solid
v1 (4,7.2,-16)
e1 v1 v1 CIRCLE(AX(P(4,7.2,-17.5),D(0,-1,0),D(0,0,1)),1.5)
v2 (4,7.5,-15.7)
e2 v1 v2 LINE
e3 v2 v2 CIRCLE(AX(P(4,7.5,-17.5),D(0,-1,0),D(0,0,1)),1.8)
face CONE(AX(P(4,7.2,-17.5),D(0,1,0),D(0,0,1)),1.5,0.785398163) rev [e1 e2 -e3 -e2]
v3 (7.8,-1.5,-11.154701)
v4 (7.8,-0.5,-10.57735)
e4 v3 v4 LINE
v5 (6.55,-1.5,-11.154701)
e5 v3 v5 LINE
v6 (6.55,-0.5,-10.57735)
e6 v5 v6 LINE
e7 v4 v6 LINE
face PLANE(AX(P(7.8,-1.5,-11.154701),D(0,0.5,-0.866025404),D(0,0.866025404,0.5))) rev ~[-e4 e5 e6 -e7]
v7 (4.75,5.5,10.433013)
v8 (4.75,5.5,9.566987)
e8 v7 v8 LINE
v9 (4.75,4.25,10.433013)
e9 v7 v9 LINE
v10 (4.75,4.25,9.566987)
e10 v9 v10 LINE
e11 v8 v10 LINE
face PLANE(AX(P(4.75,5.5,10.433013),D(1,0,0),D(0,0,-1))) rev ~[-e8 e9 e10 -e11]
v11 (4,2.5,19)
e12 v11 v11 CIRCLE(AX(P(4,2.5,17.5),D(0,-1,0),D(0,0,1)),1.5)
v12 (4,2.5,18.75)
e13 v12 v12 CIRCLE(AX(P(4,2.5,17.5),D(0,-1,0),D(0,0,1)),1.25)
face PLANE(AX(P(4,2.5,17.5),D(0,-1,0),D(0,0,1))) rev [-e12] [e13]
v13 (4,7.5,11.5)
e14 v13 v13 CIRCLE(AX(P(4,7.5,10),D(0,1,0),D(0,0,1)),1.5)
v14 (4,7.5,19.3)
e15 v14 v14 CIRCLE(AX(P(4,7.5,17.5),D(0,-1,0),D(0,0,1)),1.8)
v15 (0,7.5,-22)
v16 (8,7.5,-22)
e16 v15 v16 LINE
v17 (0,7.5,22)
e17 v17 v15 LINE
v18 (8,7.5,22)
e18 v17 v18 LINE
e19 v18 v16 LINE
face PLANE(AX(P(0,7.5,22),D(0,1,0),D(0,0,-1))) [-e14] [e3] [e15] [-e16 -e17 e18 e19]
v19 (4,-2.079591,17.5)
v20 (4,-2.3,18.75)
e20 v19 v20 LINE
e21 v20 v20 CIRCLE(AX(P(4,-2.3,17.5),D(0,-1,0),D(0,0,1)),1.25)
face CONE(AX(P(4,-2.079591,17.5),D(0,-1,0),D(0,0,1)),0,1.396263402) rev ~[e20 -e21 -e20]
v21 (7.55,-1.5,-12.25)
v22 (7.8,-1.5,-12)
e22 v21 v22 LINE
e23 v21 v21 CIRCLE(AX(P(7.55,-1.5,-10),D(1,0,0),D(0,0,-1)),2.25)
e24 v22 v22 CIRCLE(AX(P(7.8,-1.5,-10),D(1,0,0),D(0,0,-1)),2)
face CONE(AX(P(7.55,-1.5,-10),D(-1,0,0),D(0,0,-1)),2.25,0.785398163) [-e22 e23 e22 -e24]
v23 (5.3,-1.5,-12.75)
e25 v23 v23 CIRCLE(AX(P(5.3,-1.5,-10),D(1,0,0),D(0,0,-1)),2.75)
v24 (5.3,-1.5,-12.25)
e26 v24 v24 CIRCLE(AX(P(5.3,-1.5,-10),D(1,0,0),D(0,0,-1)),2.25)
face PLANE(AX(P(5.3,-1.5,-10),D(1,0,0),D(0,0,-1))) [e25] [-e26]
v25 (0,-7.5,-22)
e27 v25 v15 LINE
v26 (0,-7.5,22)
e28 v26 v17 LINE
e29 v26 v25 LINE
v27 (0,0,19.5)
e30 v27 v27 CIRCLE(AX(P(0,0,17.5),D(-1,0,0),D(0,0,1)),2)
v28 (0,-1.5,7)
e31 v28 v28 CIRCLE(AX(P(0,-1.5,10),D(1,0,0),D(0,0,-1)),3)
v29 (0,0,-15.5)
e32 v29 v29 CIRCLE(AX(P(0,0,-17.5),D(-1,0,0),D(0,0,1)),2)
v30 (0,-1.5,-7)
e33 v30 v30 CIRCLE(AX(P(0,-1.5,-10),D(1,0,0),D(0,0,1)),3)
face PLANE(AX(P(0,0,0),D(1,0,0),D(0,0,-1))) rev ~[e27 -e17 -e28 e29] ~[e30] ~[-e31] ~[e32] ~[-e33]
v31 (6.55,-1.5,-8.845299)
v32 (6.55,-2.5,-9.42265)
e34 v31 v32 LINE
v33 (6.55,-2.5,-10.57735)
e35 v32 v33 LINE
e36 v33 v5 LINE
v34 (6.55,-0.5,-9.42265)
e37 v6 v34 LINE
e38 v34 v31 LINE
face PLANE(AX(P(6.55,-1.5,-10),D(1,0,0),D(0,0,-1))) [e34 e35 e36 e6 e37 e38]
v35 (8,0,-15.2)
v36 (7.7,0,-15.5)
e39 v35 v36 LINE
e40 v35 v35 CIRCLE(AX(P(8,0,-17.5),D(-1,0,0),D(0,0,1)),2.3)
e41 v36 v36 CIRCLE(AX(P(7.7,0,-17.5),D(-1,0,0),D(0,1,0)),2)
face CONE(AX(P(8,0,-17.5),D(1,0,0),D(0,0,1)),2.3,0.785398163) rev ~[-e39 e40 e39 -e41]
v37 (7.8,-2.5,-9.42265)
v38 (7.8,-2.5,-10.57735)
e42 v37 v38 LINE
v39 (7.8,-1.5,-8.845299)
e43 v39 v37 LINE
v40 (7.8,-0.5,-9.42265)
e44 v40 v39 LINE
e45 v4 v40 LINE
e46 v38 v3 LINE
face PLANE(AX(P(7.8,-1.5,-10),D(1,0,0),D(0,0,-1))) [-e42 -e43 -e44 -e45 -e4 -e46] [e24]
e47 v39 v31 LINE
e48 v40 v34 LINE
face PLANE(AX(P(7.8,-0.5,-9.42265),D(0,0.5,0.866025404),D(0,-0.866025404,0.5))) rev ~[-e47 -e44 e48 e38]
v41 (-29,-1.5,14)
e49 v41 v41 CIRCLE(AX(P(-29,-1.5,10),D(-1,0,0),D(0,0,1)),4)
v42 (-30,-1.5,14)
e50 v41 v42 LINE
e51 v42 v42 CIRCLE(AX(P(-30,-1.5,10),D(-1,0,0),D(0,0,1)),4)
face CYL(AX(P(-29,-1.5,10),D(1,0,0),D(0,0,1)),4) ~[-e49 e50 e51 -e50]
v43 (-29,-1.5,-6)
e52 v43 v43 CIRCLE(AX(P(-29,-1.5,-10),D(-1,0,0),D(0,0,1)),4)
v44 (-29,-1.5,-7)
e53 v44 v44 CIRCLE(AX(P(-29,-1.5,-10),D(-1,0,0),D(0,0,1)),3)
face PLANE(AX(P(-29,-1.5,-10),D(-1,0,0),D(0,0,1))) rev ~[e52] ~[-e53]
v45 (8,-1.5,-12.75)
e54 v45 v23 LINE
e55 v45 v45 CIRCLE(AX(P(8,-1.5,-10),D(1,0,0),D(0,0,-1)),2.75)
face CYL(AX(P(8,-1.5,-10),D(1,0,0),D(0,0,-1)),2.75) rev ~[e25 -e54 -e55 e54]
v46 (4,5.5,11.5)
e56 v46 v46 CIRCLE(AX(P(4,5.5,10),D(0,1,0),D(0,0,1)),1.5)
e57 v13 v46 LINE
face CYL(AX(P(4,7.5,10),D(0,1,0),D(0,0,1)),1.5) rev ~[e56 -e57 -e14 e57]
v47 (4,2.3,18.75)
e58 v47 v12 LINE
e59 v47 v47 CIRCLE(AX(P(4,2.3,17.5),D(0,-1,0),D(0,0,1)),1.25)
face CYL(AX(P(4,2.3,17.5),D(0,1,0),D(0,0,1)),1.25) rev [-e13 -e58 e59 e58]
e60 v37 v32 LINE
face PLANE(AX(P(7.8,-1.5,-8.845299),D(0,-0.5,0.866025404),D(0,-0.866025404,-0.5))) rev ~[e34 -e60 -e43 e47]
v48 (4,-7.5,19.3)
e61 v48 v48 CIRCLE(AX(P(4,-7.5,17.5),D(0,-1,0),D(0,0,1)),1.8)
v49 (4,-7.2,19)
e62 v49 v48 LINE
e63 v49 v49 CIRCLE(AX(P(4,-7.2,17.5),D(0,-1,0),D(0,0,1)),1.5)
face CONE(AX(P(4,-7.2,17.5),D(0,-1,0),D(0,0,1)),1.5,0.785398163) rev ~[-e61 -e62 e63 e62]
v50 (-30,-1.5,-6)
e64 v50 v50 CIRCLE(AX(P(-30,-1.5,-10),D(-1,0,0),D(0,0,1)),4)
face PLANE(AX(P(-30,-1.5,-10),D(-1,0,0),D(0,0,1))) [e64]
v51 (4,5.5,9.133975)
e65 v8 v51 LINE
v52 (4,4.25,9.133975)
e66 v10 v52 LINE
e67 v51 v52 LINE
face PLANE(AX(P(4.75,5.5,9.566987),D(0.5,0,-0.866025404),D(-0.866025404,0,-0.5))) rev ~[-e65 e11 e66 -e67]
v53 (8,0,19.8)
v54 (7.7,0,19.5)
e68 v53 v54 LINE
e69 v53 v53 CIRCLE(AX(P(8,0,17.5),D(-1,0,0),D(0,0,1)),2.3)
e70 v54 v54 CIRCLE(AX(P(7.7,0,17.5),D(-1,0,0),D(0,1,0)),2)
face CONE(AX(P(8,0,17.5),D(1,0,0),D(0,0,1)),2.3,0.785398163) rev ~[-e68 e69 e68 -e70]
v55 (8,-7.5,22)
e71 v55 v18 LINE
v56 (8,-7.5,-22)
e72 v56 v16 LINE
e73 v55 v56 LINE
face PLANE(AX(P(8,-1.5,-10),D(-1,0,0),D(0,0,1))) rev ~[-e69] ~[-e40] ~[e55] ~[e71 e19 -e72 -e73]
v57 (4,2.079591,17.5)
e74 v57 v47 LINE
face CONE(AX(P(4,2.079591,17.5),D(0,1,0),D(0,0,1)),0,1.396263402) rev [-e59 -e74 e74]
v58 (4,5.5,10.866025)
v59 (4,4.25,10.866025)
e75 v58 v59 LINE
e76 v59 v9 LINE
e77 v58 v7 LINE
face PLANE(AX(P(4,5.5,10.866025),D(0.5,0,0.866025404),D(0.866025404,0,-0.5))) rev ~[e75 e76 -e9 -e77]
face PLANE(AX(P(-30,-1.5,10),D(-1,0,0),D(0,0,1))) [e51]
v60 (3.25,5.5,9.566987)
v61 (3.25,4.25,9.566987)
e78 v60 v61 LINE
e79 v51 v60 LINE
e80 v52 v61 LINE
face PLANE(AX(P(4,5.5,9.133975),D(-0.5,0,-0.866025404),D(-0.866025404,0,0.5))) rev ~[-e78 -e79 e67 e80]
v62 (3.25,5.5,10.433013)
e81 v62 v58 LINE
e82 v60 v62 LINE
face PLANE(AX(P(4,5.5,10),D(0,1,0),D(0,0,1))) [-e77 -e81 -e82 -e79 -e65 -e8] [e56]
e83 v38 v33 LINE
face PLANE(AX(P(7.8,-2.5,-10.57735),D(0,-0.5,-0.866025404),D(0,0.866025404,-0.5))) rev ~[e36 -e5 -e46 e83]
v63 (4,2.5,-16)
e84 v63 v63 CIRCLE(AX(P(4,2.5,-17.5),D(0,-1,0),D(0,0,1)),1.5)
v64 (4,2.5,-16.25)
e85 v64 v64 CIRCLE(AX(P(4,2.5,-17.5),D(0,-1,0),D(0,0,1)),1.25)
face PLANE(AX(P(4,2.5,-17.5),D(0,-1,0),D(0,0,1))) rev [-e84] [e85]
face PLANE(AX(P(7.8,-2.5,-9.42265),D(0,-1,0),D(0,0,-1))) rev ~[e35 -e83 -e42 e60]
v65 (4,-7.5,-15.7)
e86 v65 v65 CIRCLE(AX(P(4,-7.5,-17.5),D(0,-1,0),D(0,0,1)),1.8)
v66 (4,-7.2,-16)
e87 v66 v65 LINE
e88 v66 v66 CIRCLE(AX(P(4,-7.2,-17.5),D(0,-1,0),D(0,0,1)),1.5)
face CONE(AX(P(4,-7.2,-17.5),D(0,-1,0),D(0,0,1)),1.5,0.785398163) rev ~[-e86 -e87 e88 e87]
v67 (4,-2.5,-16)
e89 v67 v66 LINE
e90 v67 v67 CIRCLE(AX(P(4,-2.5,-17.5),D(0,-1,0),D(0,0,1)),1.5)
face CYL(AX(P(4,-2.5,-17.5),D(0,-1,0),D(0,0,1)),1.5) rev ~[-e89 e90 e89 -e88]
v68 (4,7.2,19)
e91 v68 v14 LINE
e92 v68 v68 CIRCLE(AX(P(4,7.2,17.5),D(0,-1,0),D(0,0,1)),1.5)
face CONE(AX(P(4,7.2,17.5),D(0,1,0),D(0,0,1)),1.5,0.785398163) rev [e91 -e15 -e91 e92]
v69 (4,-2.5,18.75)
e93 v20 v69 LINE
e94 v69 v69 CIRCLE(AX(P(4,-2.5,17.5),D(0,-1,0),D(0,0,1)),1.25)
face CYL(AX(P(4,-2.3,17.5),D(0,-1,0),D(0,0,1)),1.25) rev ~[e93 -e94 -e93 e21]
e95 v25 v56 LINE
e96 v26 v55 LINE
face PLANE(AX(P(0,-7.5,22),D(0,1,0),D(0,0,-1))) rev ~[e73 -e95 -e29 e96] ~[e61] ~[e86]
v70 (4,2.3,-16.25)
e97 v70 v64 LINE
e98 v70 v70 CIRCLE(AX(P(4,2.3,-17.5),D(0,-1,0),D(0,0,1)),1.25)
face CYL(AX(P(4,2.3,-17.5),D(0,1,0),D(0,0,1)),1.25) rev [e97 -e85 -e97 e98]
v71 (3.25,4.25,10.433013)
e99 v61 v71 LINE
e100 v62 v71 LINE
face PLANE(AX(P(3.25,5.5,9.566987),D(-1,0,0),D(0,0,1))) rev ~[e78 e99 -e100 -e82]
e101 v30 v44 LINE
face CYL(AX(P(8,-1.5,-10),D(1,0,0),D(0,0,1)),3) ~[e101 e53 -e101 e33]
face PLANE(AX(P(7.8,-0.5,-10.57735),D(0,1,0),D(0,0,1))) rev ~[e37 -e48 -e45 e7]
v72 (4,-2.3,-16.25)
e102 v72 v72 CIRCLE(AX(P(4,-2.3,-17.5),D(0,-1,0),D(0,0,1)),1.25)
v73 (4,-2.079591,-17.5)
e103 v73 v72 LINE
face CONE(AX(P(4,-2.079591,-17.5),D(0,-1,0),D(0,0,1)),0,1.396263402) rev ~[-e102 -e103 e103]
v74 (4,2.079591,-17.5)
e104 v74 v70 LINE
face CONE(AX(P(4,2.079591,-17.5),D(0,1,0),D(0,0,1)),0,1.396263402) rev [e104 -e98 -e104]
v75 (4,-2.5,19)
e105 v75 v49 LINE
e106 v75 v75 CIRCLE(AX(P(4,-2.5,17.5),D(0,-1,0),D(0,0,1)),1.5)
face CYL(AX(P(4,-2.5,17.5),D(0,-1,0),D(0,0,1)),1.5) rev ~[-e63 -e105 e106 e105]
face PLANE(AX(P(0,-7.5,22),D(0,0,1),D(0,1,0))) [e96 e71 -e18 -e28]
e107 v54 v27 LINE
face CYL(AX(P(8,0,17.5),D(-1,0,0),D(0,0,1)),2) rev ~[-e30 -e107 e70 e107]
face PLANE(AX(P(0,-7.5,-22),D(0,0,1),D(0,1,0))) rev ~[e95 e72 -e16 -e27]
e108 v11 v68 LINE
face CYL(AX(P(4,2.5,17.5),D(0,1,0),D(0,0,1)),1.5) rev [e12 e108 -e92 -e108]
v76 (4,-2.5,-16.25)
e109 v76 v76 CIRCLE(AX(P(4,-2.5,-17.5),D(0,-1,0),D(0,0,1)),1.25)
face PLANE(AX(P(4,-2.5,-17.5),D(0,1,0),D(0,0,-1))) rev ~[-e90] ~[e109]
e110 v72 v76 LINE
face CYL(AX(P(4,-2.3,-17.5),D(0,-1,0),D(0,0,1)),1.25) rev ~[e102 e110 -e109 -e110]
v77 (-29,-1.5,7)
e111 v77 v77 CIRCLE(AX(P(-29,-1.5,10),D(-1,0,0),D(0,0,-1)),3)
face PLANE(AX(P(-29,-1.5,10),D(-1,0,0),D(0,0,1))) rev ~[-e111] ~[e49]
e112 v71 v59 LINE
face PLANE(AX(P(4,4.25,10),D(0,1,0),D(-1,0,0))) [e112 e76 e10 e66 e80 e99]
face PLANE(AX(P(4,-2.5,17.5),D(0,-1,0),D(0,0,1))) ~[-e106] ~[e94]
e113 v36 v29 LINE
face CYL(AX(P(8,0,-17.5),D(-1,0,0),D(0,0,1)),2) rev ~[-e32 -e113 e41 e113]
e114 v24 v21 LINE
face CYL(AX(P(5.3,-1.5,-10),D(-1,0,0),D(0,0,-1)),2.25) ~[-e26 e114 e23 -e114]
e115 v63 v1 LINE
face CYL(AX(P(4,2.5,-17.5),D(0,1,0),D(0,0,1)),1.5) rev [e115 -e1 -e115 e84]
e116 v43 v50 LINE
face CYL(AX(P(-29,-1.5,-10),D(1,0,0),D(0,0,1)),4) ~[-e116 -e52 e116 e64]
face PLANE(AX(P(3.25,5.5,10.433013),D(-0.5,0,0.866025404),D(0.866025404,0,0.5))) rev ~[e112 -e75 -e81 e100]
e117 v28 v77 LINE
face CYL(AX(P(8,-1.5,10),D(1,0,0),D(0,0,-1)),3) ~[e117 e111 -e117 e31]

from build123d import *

# Parameters (mm, degrees)
PLATE_SKETCH_W               = 44
PLATE_SKETCH_H               = 15
PLATE_DEPTH                  = 8
TAPPED_HOLE_FACE_D           = 4
TAPPED_HOLE_FACE_CSINK_D     = 4.6
TAPPED_HOLE_FACE_CSINK_ANGLE = 90
RODS_DEPTH                   = 20
RODS_DEPTH_BACK              = 17
RODS_SKETCH_R                = 3
PISTON_SKETCH_R              = 4
PISTON_DEPTH                 = 1
TAPPED_HOLES_TOP_AT_2_COUNT  = 2
TAPPED_HOLES_TOP_AT_2_PITCH  = 35
SHCS_SEAT_SKETCH_R           = 2.75
SHCS_SEAT_DEPTH              = 2.7
SHCS_HEAD_SKETCH_R           = 2.25
SHCS_HEAD_DEPTH              = 2.5
SHCS_HEX_DEPTH               = 1.25
SHCS_CHAM_SIZE               = 0.25
SS_SEAT_SKETCH_R             = 1.5
SS_SEAT_DEPTH                = 2
SS_HEX_DEPTH                 = 1.25


with BuildPart() as part:
    # Plate_Sketch → Plate (new body)
    with BuildSketch(Plane(origin=(0, 0, 0), x_dir=(0, 0, -1), z_dir=(1, 0, 0))):
        Rectangle(PLATE_SKETCH_W, PLATE_SKETCH_H)
    extrude(amount=PLATE_DEPTH)

    # Tapped Hole Face (through all)
    with Locations(Plane(origin=(8, 0, 0), x_dir=(0, 0, -1), z_dir=(1, 0, 0))):
        with Locations((-17.5, 0), (17.5, 0)):
            CounterSinkHole(TAPPED_HOLE_FACE_D / 2, TAPPED_HOLE_FACE_CSINK_D / 2, counter_sink_angle=TAPPED_HOLE_FACE_CSINK_ANGLE)

    # Rods_Sketch → Rods (add, two sides: drawn at the far end of the back side and taken through both)
    with BuildSketch(Plane.ZY.offset(9).offset(-RODS_DEPTH_BACK)):
        with Locations((-10, -1.5)):
            Circle(RODS_SKETCH_R)
        with Locations(Location((10, -1.5, 0), (0, 0, 180))):
            Circle(RODS_SKETCH_R)
    extrude(amount=RODS_DEPTH + RODS_DEPTH_BACK)

    # Piston_Sketch → Piston (add)
    with BuildSketch(Plane.ZY.offset(29)):
        with Locations((-10, -1.5)):
            Circle(PISTON_SKETCH_R)
        with Locations((10, -1.5)):
            Circle(PISTON_SKETCH_R)
    extrude(amount=PISTON_DEPTH)

    # Tapped Holes Top Profile → Tapped Holes Top (revolve, cut)
    with BuildSketch(Plane(origin=(4, 7.5, -17.5), x_dir=(0, 0, 1), z_dir=(1, 0, 0))):
        Polygon((0, 0), (0, 5.420408726), (1.25, 5.2), (1.25, 5), (1.5, 5), (1.5, 0.3), (1.8, 0), align=None)
    tapped_holes_top = revolve(axis=Axis((4, 13.85, -17.5), (0, -1, 0)), mode=Mode.SUBTRACT)

    # Tapped Holes Top at 2: Tapped Holes Top ×2
    with Locations(*[(0, 0, i * TAPPED_HOLES_TOP_AT_2_PITCH) for i in range(1, TAPPED_HOLES_TOP_AT_2_COUNT)]):
        add(tapped_holes_top, mode=Mode.SUBTRACT)

    # Tapped Holes Top Mirror: Tapped Holes Top across plane
    add(tapped_holes_top.mirror(Plane.ZX), mode=Mode.SUBTRACT)

    # Tapped Holes Top Mirror copy 1 sketch → Tapped Holes Top Mirror copy 1 (revolve, cut)
    with BuildSketch(Plane(origin=(4, -7.5, 17.5), x_dir=(0, 0, 1), z_dir=(1, 0, 0))):
        Polygon((0, 0), (0, -5.420408726), (1.25, -5.2), (1.25, -5), (1.5, -5), (1.5, -0.3), (1.8, 0), align=None)
    revolve(axis=Axis((4, -13.85, 17.5), (0, -1, 0)), mode=Mode.SUBTRACT)

    # SHCS Seat_Sketch → SHCS Seat (cut)
    with BuildSketch(Plane(origin=(8, 0, 0), x_dir=(0, 0, -1), z_dir=(1, 0, 0))):
        with Locations((10, -1.5)):
            Circle(SHCS_SEAT_SKETCH_R)
    extrude(amount=-SHCS_SEAT_DEPTH, mode=Mode.SUBTRACT)

    # SHCS Head_Sketch → SHCS Head (add)
    with BuildSketch(Plane(origin=(5.3, 0, 0), x_dir=(0, 0, -1), z_dir=(1, 0, 0))):
        with Locations((10, -1.5)):
            Circle(SHCS_HEAD_SKETCH_R)
    extrude(amount=SHCS_HEAD_DEPTH)

    # SHCS Hex_Sketch → SHCS Hex (cut)
    with BuildSketch(Plane(origin=(7.8, 0, 0), x_dir=(0, 0, -1), z_dir=(1, 0, 0))):
        Polygon((10.577350269, -2.5), (11.154700538, -1.5), (10.577350269, -0.5), (9.422649731, -0.5), (8.845299462, -1.5), (9.422649731, -2.5), align=None)
    extrude(amount=-SHCS_HEX_DEPTH, mode=Mode.SUBTRACT)

    # SHCS Cham
    shcs_cham_edges = [part.edges().sort_by_distance(p)[0] for p in [
        (7.8, -1.5, -7.75),
    ]]
    chamfer(shcs_cham_edges, length=SHCS_CHAM_SIZE)

    # SS Seat_Sketch → SS Seat (cut)
    with BuildSketch(Plane(origin=(0, 7.5, 0), x_dir=(-1, 0, 0), z_dir=(0, 1, 0))):
        with Locations(Location((-4, 10, 0), (0, 0, 90))):
            Circle(SS_SEAT_SKETCH_R)
    extrude(amount=-SS_SEAT_DEPTH, mode=Mode.SUBTRACT)

    # SS Hex_Sketch → SS Hex (cut)
    with BuildSketch(Plane(origin=(0, 5.5, 0), x_dir=(-1, 0, 0), z_dir=(0, 1, 0))):
        Polygon((-4.75, 9.566987298), (-4, 9.133974596), (-3.25, 9.566987298), (-3.25, 10.433012702), (-4, 10.866025404), (-4.75, 10.433012702), align=None)
    extrude(amount=-SS_HEX_DEPTH, mode=Mode.SUBTRACT)


solid = part.part
